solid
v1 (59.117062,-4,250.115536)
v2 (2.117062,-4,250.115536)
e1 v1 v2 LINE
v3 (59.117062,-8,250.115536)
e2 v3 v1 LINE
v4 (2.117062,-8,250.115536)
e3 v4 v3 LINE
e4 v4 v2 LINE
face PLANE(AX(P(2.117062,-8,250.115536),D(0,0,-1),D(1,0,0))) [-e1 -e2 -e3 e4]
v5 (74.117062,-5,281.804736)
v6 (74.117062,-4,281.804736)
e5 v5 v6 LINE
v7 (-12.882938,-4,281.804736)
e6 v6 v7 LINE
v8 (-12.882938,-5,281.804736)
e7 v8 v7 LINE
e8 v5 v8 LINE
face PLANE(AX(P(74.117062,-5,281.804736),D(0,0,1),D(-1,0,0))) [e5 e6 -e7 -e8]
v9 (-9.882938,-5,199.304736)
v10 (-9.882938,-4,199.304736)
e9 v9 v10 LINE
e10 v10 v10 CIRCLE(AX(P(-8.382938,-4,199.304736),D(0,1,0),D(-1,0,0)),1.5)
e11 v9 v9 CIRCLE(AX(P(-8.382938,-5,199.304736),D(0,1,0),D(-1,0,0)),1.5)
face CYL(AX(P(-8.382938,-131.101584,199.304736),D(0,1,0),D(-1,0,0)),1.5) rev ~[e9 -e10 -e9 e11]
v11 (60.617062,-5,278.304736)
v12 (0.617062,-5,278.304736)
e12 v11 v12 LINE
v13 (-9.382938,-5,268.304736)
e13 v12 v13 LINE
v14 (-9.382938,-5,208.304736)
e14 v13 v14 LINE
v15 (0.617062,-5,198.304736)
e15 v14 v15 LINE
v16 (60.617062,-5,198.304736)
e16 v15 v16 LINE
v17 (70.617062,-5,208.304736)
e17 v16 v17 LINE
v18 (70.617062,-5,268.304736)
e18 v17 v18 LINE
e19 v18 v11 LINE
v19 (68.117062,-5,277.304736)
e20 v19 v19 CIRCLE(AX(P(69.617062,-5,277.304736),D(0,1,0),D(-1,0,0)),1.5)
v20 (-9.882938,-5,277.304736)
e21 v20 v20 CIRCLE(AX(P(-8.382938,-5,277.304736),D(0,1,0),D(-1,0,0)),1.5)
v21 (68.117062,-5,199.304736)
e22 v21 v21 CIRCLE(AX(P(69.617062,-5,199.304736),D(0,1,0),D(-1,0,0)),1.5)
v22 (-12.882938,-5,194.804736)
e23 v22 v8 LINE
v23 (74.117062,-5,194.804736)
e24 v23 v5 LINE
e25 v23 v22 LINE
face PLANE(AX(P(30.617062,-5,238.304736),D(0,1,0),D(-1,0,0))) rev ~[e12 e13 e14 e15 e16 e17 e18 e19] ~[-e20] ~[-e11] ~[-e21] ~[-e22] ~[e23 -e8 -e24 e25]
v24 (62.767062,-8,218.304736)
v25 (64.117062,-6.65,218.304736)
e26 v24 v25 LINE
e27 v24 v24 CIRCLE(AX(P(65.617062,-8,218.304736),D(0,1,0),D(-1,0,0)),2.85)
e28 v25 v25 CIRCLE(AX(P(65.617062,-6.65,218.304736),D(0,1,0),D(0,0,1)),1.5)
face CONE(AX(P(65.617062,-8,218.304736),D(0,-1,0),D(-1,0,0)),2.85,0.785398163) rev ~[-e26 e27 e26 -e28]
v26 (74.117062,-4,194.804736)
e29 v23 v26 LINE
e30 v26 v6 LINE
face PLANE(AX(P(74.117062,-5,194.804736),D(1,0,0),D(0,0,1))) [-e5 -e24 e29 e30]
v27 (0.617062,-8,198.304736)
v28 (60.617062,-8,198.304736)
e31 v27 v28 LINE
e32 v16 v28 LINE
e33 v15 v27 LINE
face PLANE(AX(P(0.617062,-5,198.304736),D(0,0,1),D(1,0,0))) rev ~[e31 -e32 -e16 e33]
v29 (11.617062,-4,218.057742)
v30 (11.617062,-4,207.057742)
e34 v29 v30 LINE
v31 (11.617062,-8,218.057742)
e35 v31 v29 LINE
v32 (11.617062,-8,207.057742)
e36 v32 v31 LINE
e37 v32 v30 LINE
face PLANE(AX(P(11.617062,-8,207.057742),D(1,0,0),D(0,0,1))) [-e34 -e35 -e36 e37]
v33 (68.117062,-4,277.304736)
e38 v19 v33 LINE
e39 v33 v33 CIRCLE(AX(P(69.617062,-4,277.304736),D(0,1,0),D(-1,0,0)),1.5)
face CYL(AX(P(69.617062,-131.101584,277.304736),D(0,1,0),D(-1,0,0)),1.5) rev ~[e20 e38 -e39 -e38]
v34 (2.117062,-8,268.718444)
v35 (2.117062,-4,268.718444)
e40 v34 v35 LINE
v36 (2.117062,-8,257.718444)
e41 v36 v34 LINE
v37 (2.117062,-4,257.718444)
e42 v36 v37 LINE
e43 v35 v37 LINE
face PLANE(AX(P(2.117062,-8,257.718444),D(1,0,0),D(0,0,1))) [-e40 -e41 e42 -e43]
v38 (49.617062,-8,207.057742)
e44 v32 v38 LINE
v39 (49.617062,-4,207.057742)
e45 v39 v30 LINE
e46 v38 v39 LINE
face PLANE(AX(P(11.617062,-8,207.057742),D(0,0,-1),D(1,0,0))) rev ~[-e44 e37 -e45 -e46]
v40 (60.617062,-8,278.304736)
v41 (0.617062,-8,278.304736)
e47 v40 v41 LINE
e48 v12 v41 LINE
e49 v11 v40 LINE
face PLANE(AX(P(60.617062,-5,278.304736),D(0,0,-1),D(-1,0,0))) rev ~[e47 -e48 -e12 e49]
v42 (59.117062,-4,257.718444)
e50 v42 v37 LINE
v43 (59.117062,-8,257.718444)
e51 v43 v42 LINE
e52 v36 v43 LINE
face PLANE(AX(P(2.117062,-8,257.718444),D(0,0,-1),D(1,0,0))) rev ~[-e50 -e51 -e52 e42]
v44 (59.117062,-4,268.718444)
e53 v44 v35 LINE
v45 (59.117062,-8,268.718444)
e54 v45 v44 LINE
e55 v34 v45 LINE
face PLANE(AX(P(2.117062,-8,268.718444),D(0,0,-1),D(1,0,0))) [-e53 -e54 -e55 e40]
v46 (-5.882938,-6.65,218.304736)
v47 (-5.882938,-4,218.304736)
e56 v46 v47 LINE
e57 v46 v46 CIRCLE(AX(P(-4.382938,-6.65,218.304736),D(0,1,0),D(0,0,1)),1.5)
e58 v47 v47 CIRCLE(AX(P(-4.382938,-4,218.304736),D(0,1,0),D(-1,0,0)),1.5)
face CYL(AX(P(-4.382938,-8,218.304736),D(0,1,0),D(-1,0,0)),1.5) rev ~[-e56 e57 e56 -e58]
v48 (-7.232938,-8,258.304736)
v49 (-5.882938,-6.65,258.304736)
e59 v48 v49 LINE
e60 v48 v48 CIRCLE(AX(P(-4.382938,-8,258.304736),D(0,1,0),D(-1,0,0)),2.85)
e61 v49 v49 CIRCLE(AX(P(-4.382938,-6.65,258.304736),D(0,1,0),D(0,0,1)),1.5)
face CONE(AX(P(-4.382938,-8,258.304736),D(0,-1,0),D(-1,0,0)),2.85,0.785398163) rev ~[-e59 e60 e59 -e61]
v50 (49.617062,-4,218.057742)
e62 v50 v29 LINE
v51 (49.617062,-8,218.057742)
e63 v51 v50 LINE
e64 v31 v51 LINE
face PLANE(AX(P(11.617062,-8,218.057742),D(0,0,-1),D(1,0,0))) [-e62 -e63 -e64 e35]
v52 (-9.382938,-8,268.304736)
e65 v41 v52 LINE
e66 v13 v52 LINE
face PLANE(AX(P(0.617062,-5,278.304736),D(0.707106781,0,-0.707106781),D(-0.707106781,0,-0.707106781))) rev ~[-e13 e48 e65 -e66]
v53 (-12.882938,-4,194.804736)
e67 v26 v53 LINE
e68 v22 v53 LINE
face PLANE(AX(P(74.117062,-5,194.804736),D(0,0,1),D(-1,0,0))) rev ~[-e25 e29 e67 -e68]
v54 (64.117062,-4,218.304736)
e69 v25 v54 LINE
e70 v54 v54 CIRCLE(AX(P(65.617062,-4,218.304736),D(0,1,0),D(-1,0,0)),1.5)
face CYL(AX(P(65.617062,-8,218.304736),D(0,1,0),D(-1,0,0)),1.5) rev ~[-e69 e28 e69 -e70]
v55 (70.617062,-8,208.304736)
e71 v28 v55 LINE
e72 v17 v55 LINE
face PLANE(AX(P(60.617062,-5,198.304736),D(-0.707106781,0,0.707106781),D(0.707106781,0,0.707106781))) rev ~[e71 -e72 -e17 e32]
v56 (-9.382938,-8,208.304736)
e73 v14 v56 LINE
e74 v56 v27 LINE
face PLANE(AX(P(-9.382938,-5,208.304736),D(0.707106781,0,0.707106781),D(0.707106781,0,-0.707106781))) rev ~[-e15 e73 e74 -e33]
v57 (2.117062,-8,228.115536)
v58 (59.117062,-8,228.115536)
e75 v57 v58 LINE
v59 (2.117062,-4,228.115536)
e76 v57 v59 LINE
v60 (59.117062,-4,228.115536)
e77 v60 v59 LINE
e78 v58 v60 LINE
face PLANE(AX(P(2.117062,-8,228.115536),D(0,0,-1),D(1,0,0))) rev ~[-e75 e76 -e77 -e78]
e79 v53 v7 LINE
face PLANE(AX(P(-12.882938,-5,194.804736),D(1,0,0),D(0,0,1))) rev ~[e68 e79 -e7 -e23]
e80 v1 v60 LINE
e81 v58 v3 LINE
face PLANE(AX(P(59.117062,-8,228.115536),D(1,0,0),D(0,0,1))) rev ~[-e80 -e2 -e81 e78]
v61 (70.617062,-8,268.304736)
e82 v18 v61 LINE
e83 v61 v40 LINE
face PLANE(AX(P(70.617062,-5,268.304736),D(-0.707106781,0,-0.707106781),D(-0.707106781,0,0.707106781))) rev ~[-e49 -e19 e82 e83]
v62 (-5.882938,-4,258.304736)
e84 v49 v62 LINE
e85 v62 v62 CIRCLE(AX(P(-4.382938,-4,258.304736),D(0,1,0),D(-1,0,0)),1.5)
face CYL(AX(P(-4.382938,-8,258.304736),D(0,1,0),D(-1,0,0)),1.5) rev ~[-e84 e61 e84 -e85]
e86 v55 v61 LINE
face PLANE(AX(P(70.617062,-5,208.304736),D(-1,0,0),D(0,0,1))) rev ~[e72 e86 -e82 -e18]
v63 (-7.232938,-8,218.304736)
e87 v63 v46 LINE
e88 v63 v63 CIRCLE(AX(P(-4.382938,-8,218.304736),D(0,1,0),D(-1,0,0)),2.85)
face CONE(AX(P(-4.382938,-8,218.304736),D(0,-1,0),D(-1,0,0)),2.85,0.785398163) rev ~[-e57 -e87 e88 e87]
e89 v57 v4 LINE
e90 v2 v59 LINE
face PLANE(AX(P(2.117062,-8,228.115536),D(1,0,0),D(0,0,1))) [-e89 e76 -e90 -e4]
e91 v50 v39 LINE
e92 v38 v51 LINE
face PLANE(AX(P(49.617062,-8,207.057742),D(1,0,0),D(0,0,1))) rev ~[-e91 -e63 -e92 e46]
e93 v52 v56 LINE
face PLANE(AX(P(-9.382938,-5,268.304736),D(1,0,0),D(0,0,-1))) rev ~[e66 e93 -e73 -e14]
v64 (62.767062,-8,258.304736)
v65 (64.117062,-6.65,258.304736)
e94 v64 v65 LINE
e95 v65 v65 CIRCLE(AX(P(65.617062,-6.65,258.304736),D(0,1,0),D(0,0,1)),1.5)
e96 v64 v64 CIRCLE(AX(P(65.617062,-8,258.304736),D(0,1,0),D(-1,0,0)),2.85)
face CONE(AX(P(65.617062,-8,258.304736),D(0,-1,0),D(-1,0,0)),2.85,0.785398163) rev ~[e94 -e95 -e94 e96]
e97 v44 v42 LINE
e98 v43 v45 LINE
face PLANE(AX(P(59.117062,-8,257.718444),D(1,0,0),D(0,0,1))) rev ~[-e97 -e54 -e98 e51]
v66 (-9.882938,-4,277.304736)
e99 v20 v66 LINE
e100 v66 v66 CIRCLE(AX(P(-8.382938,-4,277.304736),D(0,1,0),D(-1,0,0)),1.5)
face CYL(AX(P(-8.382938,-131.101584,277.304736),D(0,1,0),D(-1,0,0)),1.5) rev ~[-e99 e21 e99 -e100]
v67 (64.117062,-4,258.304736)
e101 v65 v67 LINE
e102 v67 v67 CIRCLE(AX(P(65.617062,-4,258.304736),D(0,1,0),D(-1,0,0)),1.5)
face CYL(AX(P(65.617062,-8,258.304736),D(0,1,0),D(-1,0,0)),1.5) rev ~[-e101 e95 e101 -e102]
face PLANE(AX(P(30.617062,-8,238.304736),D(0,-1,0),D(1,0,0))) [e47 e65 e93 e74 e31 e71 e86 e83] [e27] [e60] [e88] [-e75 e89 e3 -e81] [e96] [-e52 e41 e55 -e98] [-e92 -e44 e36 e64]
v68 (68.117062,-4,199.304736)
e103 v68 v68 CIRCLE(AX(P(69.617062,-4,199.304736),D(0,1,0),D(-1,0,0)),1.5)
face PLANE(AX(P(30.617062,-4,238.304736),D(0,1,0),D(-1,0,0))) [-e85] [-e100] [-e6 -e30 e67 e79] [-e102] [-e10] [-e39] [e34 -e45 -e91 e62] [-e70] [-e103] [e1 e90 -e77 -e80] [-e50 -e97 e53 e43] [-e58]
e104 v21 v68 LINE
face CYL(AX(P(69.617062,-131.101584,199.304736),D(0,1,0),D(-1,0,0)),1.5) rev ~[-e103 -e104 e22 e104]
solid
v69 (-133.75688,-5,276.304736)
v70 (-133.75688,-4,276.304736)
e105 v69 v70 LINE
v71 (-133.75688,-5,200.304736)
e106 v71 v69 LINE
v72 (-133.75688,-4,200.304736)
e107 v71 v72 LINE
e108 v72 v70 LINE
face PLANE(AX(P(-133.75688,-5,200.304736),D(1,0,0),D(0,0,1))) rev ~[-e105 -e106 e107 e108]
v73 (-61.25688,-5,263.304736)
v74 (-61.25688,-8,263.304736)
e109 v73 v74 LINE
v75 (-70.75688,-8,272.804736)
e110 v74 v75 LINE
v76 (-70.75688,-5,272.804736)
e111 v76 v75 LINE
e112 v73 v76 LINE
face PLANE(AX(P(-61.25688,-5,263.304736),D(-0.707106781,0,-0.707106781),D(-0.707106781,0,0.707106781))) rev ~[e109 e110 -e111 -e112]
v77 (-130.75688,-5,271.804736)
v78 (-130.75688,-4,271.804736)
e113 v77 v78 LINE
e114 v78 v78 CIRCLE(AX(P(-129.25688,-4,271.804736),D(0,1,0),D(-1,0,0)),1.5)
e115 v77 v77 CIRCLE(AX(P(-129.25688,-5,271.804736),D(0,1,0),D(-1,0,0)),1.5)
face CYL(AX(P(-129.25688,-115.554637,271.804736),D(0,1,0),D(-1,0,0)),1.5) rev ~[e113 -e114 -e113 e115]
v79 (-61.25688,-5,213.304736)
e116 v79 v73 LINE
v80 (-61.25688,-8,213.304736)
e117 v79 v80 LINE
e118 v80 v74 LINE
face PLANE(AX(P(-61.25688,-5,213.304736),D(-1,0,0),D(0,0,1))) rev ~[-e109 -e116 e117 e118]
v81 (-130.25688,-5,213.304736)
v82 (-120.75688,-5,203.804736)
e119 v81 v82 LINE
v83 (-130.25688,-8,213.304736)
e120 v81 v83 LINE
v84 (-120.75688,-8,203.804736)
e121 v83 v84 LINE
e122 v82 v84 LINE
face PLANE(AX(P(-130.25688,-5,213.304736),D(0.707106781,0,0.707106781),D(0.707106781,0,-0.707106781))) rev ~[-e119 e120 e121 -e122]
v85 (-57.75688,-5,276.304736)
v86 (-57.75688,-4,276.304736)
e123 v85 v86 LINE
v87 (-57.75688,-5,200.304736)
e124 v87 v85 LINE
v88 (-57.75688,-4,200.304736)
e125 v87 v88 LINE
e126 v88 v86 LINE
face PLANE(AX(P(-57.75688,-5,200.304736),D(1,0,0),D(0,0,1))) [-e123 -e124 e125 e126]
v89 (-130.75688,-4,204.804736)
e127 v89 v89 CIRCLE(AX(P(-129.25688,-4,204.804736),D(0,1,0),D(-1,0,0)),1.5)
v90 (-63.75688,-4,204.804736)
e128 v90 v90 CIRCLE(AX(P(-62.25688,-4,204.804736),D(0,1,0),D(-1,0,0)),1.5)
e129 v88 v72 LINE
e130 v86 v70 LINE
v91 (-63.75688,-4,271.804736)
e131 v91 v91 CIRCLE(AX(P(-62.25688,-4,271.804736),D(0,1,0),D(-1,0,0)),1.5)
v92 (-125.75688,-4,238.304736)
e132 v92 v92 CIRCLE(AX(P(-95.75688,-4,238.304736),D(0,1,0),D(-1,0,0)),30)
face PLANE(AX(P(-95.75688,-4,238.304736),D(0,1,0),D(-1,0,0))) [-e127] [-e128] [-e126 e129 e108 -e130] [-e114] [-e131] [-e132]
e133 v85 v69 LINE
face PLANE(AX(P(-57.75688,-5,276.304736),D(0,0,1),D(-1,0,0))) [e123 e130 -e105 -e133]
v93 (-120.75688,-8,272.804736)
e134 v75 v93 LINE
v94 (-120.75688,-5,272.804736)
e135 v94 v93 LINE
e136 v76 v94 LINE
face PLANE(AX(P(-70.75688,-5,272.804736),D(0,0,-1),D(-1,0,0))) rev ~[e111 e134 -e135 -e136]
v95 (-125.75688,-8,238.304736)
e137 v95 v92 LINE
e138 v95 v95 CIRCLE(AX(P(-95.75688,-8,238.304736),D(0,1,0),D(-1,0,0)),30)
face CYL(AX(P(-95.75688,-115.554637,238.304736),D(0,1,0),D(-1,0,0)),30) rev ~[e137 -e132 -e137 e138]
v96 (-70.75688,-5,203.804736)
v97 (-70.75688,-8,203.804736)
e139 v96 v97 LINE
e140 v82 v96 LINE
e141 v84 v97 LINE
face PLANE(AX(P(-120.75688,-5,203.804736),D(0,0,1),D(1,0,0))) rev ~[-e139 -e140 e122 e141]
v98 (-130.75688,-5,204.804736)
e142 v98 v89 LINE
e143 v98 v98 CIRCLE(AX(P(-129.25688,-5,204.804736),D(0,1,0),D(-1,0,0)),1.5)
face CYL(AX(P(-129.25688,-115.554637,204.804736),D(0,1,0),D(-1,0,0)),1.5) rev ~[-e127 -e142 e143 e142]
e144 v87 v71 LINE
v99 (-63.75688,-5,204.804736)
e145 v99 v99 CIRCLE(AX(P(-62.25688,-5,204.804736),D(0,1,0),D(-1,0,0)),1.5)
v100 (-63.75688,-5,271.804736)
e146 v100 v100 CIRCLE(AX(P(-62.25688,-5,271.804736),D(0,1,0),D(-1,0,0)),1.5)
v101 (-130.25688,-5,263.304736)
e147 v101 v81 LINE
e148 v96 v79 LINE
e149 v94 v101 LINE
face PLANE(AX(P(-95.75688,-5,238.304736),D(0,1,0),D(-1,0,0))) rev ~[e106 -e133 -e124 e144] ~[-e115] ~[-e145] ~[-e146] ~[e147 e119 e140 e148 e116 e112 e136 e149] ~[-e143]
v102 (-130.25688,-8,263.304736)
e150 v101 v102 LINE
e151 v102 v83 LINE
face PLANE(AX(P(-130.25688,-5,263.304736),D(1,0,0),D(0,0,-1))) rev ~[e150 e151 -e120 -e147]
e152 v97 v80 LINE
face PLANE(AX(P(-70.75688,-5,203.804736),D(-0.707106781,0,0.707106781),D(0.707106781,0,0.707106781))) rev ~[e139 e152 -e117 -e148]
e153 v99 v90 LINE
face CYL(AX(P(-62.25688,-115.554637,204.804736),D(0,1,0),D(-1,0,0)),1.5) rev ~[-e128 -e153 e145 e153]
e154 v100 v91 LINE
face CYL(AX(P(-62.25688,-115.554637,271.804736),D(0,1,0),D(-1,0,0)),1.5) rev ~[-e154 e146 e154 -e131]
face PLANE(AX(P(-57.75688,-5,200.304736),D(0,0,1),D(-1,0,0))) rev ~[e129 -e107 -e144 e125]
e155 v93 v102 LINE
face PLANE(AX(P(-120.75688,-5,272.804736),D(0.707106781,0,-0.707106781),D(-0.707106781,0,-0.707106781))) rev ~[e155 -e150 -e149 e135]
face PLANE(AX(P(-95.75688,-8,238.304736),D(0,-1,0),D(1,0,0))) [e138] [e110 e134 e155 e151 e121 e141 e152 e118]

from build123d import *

# Parameters (mm, degrees)
F2_DEPTH        = 3
F3_W            = 76
F3_H            = 76
F4_DEPTH        = 1
F6_D            = 3
F7_D            = 60
F9_DEPTH        = 3
F10_W           = 87
F10_H           = 87
F11_DEPTH       = 1
F13_D           = 3
F14_D           = 3
F14_CSINK_D     = 5.7
F14_CSINK_ANGLE = 90
F15_W           = 57
F15_H           = 11
F15_H_2         = 22
F15_W_2         = 38
F16_DEPTH       = 5


with BuildPart() as f2:
    # F1 (on offset) → F2 (new body)
    with BuildSketch(Plane.XZ.offset(5)):
        Polygon((-61.25688, 238.304736), (-61.25688, 263.304736), (-70.75688, 272.804736), (-95.75688, 272.804736), (-120.75688, 272.804736), (-130.25688, 263.304736), (-130.25688, 238.304736), (-130.25688, 213.304736), (-120.75688, 203.804736), (-95.75688, 203.804736), (-70.75688, 203.804736), (-61.25688, 213.304736), align=None)
    extrude(amount=F2_DEPTH)

    # F3 (on face) → F4 (join)
    with BuildSketch(Plane(origin=(0, -5, 0), x_dir=(-1, 0, 0), z_dir=(0, 1, 0))):
        with Locations((95.75688, 238.304736)):
            Rectangle(F3_W, F3_H)
    extrude(amount=F4_DEPTH)

    # F6 (through all)
    with Locations(Plane.XZ.offset(8)):
        with Locations((-129.25688, 271.804736), (-62.25688, 271.804736), (-62.25688, 204.804736), (-129.25688, 204.804736)):
            Hole(F6_D / 2)

    # F7 (through all)
    with Locations(Plane.XZ.offset(8)):
        with Locations((-95.75688, 238.304736)):
            Hole(F7_D / 2)


with BuildPart() as f9:
    # F8 (on offset) → F9 (new body)
    with BuildSketch(Plane.XZ.offset(5)):
        Polygon((70.617062, 238.304736), (70.617062, 268.304736), (60.617062, 278.304736), (30.617062, 278.304736), (0.617062, 278.304736), (-9.382938, 268.304736), (-9.382938, 238.304736), (-9.382938, 208.304736), (0.617062, 198.304736), (30.617062, 198.304736), (60.617062, 198.304736), (70.617062, 208.304736), align=None)
    extrude(amount=F9_DEPTH)

    # F10 (on face) → F11 (join)
    with BuildSketch(Plane(origin=(0, -5, 0), x_dir=(-1, 0, 0), z_dir=(0, 1, 0))):
        with Locations((-30.617062, 238.304736)):
            Rectangle(F10_W, F10_H)
    extrude(amount=F11_DEPTH)

    # F13 (through all)
    with Locations(Plane.XZ.offset(8)):
        with Locations((-8.382938, 277.304736), (-8.382938, 199.304736), (69.617062, 199.304736), (69.617062, 277.304736)):
            Hole(F13_D / 2)

    # F14 (through all)
    with Locations(Plane.XZ.offset(8)):
        with Locations((-4.382938, 258.304736), (-4.382938, 218.304736), (65.617062, 218.304736), (65.617062, 258.304736)):
            CounterSinkHole(F14_D / 2, F14_CSINK_D / 2, counter_sink_angle=F14_CSINK_ANGLE)

    # F15 (on face) → F16 (cut)
    with BuildSketch(Plane.XZ.offset(8)):
        with Locations((30.617062, 263.218444)):
            Rectangle(F15_W, F15_H)
        with Locations((30.617062, 239.115536)):
            Rectangle(F15_W, F15_H_2)
        with Locations((30.617062, 212.557742)):
            Rectangle(F15_W_2, F15_H)
    extrude(amount=-F16_DEPTH, mode=Mode.SUBTRACT)


solid = Compound([f2.part, f9.part])
